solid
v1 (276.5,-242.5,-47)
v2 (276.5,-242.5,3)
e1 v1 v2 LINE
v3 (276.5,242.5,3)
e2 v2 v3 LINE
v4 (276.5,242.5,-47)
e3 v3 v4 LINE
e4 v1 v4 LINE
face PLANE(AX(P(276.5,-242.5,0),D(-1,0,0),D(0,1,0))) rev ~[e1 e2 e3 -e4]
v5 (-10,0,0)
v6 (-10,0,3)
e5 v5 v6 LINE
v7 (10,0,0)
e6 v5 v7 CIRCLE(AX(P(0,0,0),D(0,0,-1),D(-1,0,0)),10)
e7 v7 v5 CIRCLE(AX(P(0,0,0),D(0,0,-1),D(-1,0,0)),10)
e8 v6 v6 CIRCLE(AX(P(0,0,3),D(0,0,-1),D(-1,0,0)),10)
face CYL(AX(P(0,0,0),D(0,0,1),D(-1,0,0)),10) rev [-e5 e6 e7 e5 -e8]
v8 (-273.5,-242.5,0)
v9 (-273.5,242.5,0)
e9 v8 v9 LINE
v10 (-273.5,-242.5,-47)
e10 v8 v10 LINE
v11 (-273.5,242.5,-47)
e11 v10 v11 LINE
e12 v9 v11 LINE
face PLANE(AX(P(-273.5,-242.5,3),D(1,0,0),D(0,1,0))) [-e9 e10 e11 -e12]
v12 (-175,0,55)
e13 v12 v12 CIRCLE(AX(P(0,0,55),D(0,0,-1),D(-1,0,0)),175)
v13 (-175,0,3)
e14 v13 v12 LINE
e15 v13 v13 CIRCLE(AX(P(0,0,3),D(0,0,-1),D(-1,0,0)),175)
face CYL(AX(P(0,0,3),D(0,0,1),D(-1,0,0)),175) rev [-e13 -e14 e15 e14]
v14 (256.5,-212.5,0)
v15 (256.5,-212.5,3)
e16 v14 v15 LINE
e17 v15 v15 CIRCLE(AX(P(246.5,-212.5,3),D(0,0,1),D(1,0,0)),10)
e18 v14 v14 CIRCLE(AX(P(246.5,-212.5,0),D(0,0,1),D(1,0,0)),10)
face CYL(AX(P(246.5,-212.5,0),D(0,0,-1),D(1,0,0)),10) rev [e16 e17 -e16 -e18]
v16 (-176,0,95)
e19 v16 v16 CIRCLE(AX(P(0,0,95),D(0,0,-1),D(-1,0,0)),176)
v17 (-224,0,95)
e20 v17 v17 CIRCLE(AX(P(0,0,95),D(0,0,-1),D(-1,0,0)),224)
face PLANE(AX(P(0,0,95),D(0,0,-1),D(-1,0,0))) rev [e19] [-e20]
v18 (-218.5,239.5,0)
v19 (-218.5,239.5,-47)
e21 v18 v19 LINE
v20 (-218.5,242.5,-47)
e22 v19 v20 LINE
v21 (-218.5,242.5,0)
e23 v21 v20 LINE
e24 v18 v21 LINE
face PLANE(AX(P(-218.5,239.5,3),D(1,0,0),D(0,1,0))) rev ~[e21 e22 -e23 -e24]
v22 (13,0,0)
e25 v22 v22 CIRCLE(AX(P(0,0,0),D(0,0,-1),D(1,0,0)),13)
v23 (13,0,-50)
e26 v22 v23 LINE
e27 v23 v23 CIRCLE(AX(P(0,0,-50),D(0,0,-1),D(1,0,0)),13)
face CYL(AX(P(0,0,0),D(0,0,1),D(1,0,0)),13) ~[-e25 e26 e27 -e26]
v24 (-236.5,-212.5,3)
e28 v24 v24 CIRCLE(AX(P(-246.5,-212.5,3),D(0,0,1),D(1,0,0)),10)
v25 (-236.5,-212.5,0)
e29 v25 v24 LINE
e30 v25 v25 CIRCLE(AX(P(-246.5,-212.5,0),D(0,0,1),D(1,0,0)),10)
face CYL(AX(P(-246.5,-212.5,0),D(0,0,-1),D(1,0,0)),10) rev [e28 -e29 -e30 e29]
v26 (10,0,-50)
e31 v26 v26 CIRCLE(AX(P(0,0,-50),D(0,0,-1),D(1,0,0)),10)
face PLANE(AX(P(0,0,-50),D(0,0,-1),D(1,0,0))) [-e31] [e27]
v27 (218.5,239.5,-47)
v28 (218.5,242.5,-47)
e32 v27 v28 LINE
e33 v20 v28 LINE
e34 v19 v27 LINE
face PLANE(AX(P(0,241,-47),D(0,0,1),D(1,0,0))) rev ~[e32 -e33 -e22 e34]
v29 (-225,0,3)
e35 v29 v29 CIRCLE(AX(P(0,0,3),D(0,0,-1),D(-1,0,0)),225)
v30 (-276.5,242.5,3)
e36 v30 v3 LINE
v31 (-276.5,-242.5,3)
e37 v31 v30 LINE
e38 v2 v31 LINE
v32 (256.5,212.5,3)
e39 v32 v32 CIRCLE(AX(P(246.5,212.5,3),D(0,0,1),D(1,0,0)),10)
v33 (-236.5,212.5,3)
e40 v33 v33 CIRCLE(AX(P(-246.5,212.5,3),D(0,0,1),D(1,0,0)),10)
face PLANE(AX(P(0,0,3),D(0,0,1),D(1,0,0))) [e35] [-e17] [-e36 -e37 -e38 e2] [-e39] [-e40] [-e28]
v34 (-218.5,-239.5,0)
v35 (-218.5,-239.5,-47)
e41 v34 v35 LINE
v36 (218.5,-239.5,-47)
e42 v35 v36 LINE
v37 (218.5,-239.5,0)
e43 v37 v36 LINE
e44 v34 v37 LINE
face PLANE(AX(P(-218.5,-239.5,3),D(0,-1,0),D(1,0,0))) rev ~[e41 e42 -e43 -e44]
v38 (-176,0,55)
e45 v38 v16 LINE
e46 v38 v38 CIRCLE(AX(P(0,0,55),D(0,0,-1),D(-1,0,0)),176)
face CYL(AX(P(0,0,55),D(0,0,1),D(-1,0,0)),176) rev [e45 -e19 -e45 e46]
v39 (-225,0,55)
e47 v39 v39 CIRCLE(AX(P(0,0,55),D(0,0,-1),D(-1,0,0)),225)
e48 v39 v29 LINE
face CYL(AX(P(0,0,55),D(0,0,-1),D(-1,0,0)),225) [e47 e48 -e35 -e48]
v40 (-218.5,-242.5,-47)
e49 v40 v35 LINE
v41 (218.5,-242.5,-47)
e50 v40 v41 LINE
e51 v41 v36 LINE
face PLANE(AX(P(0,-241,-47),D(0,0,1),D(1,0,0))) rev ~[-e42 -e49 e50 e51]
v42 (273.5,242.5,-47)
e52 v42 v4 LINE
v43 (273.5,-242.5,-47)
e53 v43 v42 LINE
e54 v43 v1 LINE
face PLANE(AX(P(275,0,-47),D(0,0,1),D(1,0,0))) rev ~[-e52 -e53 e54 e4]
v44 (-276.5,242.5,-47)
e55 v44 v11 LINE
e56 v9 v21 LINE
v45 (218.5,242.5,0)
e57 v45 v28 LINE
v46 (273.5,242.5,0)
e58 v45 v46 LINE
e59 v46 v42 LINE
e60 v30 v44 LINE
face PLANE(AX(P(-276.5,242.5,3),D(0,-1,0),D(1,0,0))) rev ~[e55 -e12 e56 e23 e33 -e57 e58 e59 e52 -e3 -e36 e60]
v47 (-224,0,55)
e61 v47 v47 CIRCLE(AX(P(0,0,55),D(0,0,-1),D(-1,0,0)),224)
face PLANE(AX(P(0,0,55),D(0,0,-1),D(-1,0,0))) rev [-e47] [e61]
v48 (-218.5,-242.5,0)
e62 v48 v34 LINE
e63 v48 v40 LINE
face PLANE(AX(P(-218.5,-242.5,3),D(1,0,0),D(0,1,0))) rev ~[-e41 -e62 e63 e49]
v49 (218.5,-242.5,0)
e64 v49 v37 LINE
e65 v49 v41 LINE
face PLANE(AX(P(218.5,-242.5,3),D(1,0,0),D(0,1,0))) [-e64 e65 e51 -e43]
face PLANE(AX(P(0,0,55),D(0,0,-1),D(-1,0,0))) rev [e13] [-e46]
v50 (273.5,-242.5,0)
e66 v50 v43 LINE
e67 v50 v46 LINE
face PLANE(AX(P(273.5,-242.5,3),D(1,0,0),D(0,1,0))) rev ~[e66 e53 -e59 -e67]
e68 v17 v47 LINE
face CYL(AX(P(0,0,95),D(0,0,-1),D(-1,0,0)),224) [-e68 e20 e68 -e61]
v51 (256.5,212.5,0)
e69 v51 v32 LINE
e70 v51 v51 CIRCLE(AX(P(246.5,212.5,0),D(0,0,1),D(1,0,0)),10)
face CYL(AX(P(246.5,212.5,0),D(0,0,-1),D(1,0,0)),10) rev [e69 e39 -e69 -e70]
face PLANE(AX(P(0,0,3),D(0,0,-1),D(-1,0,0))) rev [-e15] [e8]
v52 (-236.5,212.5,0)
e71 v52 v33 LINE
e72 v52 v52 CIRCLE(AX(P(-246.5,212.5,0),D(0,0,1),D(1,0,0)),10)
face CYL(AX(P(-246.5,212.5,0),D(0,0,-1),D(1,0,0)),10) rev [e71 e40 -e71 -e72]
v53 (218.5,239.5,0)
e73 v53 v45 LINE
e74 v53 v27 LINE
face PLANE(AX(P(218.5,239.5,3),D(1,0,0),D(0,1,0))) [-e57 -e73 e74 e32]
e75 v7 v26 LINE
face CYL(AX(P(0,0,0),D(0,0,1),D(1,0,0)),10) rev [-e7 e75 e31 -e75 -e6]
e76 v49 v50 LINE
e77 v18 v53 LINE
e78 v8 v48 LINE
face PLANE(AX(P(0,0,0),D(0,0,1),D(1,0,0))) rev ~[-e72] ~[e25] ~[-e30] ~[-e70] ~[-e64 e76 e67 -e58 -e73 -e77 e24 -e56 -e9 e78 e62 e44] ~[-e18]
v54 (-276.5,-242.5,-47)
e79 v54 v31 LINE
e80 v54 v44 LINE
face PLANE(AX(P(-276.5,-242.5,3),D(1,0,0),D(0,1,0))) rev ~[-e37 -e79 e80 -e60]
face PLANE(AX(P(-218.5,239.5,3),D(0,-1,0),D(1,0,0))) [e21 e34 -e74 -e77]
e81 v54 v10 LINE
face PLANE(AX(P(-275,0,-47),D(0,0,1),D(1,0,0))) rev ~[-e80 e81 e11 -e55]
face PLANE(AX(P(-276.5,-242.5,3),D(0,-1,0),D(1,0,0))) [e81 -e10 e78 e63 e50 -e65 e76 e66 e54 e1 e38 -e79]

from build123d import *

# Parameters (mm, degrees)
F2_W     = 553
F2_H     = 485
F2_R     = 10
F2_R_2   = 200
F3_DEPTH = 3
F4_W     = 3
F4_H     = 485
F4_W_2   = 437
F4_H_2   = 3
F5_DEPTH = 50
F6_R     = 13
F6_R_2   = 10
F7_DEPTH = 50


with BuildPart() as f1:
    # F0 (on Front) → F1 (revolve)
    with BuildSketch(Plane.XZ):
        Polygon((-225, 3), (-175, 3), (-175, 55), (-176, 55), (-176, 95), (-224, 95), (-224, 55), (-225, 55), align=None)
        Polygon((-10, 3), (-175, 3), (-225, 3), (-225, 0), (-10, 0), align=None)
    revolve(axis=Axis((0, 0, 187.921241), (0, 0, -1)))

    # F2 (on Top) → F3 (join)
    with BuildSketch(Plane.XY):
        Rectangle(F2_W, F2_H)
        with Locations((-246.5, -212.5)):
            Circle(F2_R, mode=Mode.SUBTRACT)
        with Locations((246.5, -212.5)):
            Circle(F2_R, mode=Mode.SUBTRACT)
        with Locations((-246.5, 212.5)):
            Circle(F2_R, mode=Mode.SUBTRACT)
        Circle(F2_R_2, mode=Mode.SUBTRACT)
        with Locations((246.5, 212.5)):
            Circle(F2_R, mode=Mode.SUBTRACT)
    extrude(amount=F3_DEPTH)

    # F4 (on face) → F5 (join)
    with BuildSketch(Plane.XY.offset(3)):
        with Locations((-275, 0)):
            Rectangle(F4_W, F4_H)
        with Locations((275, 0)):
            Rectangle(F4_W, F4_H)
        with Locations((0, -241)):
            Rectangle(F4_W_2, F4_H_2)
        with Locations((0, 241)):
            Rectangle(F4_W_2, F4_H_2)
    extrude(amount=-F5_DEPTH)

    # F6 (on face) → F7 (join)
    with BuildSketch(Plane(origin=(0, 0, 0), x_dir=(1, 0, 0), z_dir=(0, 0, -1))):
        Circle(F6_R)
        Circle(F6_R_2, mode=Mode.SUBTRACT)
    extrude(amount=F7_DEPTH)


solid = f1.part
